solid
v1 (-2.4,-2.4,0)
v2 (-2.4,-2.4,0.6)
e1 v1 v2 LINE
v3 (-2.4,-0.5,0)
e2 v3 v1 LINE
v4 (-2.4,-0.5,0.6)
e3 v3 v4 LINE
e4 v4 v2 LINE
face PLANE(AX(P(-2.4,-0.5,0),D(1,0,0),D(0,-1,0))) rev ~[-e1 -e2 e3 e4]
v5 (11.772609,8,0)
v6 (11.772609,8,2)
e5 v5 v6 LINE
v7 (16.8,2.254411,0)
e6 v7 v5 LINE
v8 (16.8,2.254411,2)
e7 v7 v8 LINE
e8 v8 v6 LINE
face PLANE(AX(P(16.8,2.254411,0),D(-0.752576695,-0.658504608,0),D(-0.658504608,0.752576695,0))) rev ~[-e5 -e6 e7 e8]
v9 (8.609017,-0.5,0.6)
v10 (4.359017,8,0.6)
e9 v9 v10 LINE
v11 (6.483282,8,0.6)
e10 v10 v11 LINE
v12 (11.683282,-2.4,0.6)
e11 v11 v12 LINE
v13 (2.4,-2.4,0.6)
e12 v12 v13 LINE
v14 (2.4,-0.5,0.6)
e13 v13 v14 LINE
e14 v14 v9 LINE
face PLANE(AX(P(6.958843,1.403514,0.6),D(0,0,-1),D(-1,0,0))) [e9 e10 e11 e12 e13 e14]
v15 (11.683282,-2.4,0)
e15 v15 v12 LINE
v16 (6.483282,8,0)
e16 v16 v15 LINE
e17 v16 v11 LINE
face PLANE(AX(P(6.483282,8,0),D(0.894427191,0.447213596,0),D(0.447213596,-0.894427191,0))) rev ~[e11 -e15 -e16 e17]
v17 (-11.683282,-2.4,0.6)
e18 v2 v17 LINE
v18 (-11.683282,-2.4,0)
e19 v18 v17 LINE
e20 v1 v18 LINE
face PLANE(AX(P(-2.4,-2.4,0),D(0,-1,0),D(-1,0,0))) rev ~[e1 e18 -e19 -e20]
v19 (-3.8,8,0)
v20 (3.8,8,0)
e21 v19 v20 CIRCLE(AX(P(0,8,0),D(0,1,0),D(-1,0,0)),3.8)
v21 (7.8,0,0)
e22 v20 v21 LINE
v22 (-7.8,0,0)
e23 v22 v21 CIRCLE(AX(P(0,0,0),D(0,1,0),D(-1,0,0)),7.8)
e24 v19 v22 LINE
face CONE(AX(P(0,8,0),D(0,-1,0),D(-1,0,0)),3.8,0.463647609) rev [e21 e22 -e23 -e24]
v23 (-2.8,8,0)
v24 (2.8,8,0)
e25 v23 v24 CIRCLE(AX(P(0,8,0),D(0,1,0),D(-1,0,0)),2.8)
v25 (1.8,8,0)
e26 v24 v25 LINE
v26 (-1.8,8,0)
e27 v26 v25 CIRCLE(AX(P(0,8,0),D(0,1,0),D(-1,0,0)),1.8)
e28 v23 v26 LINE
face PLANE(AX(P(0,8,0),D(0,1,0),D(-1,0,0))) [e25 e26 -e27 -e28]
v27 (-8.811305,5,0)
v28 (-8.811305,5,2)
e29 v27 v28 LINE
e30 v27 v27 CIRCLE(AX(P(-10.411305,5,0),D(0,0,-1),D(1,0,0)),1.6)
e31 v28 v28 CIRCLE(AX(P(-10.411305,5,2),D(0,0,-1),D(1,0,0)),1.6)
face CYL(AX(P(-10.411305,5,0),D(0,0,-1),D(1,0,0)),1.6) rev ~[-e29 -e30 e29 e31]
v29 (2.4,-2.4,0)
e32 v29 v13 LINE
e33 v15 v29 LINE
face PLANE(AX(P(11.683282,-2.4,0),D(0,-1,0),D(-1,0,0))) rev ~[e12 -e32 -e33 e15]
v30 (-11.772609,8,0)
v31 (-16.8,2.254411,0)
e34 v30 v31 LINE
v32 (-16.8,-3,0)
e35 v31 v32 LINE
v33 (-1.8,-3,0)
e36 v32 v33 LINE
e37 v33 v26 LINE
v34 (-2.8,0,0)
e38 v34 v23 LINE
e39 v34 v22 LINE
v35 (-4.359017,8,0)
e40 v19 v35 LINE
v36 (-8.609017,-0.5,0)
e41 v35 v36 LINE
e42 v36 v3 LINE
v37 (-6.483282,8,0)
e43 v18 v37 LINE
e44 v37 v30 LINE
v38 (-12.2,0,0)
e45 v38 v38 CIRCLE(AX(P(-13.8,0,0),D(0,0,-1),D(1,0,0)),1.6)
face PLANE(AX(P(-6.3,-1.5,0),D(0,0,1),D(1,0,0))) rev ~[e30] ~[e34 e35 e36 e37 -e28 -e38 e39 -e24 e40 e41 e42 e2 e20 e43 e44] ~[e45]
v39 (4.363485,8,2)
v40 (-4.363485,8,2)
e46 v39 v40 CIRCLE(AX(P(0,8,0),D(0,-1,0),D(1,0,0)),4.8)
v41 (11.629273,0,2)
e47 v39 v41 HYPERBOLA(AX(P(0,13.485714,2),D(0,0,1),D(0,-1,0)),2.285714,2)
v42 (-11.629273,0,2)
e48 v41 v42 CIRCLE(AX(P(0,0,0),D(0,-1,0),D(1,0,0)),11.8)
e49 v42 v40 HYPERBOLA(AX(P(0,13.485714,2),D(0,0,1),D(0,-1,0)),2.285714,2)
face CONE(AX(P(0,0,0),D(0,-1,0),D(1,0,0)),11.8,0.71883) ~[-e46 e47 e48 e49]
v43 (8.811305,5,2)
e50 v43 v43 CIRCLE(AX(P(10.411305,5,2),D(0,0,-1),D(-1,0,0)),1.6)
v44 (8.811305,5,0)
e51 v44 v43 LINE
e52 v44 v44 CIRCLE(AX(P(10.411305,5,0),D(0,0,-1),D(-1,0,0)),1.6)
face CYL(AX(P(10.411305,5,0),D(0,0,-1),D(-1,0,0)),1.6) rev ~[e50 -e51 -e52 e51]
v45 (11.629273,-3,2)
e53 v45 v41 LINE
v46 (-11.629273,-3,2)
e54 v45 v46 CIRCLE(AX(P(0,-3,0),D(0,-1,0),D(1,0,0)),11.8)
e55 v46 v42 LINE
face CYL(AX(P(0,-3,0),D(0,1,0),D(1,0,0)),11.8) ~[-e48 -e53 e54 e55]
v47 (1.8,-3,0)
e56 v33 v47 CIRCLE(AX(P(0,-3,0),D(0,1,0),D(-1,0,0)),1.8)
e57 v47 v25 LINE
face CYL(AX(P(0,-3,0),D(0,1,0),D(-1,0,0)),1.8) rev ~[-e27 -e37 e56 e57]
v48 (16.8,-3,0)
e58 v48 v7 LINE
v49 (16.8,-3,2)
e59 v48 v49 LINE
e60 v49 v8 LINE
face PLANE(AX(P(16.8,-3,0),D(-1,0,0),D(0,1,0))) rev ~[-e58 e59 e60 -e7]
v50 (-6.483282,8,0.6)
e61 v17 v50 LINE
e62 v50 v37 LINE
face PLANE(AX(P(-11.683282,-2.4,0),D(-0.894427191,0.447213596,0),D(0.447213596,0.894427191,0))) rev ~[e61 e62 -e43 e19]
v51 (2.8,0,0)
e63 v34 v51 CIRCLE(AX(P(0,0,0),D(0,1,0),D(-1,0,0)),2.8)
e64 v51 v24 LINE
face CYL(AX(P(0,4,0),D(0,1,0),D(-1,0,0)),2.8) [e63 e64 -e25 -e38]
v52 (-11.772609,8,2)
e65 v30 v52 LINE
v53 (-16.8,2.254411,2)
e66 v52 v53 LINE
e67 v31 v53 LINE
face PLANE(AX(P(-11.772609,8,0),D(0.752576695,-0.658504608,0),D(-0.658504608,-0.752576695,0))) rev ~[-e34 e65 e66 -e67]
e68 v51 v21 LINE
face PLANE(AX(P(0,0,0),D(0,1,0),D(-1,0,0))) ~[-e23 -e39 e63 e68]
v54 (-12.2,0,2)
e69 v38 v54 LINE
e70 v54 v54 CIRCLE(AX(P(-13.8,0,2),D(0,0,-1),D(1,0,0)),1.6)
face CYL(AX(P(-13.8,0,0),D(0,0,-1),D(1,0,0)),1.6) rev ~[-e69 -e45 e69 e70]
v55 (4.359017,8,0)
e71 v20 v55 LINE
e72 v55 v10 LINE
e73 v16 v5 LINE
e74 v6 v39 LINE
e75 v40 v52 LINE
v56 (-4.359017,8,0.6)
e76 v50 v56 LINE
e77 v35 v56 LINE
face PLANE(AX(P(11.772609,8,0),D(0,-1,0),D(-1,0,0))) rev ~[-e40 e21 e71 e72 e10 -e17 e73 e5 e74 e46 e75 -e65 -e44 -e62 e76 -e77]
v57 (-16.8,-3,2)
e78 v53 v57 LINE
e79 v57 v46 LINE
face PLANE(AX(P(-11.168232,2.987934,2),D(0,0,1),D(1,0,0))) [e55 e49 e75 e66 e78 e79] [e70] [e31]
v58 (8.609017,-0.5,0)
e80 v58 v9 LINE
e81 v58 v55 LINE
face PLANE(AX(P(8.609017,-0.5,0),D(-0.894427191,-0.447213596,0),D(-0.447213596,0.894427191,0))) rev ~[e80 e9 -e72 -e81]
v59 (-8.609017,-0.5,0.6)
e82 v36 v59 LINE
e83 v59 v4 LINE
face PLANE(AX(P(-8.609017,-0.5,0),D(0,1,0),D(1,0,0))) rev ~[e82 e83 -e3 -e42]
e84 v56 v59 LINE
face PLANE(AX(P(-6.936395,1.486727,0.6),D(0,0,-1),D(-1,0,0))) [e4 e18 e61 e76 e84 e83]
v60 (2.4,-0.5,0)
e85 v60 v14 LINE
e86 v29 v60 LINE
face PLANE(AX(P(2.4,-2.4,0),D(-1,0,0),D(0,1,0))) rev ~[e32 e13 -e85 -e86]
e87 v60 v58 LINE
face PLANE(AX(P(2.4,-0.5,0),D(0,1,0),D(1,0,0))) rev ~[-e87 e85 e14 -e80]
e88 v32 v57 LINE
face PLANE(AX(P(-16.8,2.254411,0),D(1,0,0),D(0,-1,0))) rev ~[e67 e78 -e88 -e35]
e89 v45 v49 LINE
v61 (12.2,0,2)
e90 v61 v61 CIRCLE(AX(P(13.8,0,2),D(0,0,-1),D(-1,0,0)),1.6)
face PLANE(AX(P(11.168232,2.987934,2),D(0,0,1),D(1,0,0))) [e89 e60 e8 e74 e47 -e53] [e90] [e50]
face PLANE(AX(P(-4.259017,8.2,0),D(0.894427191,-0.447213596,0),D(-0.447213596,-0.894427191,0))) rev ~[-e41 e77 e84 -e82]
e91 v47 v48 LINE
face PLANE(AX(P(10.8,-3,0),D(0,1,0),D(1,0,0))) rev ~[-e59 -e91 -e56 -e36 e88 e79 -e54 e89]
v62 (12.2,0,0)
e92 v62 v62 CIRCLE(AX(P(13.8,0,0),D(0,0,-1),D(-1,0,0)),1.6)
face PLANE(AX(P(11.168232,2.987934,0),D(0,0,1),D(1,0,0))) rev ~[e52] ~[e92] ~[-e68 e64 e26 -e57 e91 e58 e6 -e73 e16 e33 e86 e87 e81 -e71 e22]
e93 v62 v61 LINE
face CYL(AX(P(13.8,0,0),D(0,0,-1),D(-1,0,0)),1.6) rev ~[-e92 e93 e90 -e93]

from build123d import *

# Parameters (mm, degrees)
SKETCH1_W             = 1
SKETCH1_H             = 8
REVOLVE1_ANGLE        = 180
SKETCH2_R             = 1.6
BOSS_EXTRUDE1_DEPTH   = 2
BOSS_EXTRUDE1_2_DEPTH = 2
REVOLVE2_ANGLE        = 180
CUT_EXTRUDE1_DEPTH    = 0.6


with BuildPart() as part:
    # Sketch1 → Revolve1 (revolve)
    with BuildSketch(Plane.XY):
        Polygon((-1.8, -3), (-1.8, 0), (-2.8, 0), (-7.8, 0), (-10.8, 0), (-10.8, -3), align=None)
        Polygon((-10.8, 0), (-3.8, 8), (-7.8, 0), align=None)
        with Locations((-2.3, 4)):
            Rectangle(SKETCH1_W, SKETCH1_H)
    revolve(axis=Axis((0, 0, 0), (0, 1, 0)), revolution_arc=REVOLVE1_ANGLE)



with BuildPart() as body_2:
    # Sketch2 → Boss-Extrude1 (new body)
    with BuildSketch(Plane(origin=(0, 0, 0), x_dir=(-1, 0, 0), z_dir=(0, 0, -1))):
        Polygon((-10.8, -3), (-16.8, -3), (-16.8, 2.254410697), (-11.77260936, 8), (-3.8, 8), (-10.8, 0), align=None)
        with Locations((-10.41130468, 5)):
            Circle(SKETCH2_R, mode=Mode.SUBTRACT)
        with Locations((-13.8, 0)):
            Circle(SKETCH2_R, mode=Mode.SUBTRACT)
    extrude(amount=-BOSS_EXTRUDE1_DEPTH)


with BuildPart() as body_3:
    # Sketch2 → Boss-Extrude1 2 (new body)
    with BuildSketch(Plane(origin=(0, 0, 0), x_dir=(-1, 0, 0), z_dir=(0, 0, -1))):
        Polygon((10.8, 0), (3.8, 8), (11.77260936, 8), (16.8, 2.254410697), (16.8, -3), (10.8, -3), align=None)
        with Locations(Location((13.8, 0, 0), (0, 0, 180))):
            Circle(SKETCH2_R, mode=Mode.SUBTRACT)
        with Locations(Location((10.41130468, 5, 0), (0, 0, 180))):
            Circle(SKETCH2_R, mode=Mode.SUBTRACT)
    extrude(amount=-BOSS_EXTRUDE1_2_DEPTH)


with BuildPart() as part_1:
    add(part.part)

    add(body_2.part)  # Revolve2 merges body 2

    add(body_3.part)  # Revolve2 merges body 3
    # Sketch3 → Revolve2 (revolve)
    with BuildSketch(Plane(origin=(0, 0, 0), x_dir=(-1, 0, 0), z_dir=(0, 0, -1))):
        Polygon((-11.8, -3), (-11.8, 0), (-4.8, 8), (-3.8, 8), (-10.8, 0), (-10.8, -3), align=None)
    revolve(axis=Axis((0, 0, 0), (0, -1, 0)), revolution_arc=REVOLVE2_ANGLE)

    # Sketch4 → Cut-Extrude1 (cut)
    with BuildSketch(Plane(origin=(0, 0, 0), x_dir=(-1, 0, 0), z_dir=(0, 0, -1))):
        Polygon((-6.483281573, 8), (-11.683281573, -2.4), (-2.4, -2.4), (-2.4, -0.5), (-8.609016994, -0.5), (-4.359016994, 8), align=None)
        Polygon((2.4, -2.4), (11.683281573, -2.4), (6.383281573, 8.2), (4.259016994, 8.2), (8.609016994, -0.5), (2.4, -0.5), align=None)
    extrude(amount=-CUT_EXTRUDE1_DEPTH, mode=Mode.SUBTRACT)


solid = part_1.part
